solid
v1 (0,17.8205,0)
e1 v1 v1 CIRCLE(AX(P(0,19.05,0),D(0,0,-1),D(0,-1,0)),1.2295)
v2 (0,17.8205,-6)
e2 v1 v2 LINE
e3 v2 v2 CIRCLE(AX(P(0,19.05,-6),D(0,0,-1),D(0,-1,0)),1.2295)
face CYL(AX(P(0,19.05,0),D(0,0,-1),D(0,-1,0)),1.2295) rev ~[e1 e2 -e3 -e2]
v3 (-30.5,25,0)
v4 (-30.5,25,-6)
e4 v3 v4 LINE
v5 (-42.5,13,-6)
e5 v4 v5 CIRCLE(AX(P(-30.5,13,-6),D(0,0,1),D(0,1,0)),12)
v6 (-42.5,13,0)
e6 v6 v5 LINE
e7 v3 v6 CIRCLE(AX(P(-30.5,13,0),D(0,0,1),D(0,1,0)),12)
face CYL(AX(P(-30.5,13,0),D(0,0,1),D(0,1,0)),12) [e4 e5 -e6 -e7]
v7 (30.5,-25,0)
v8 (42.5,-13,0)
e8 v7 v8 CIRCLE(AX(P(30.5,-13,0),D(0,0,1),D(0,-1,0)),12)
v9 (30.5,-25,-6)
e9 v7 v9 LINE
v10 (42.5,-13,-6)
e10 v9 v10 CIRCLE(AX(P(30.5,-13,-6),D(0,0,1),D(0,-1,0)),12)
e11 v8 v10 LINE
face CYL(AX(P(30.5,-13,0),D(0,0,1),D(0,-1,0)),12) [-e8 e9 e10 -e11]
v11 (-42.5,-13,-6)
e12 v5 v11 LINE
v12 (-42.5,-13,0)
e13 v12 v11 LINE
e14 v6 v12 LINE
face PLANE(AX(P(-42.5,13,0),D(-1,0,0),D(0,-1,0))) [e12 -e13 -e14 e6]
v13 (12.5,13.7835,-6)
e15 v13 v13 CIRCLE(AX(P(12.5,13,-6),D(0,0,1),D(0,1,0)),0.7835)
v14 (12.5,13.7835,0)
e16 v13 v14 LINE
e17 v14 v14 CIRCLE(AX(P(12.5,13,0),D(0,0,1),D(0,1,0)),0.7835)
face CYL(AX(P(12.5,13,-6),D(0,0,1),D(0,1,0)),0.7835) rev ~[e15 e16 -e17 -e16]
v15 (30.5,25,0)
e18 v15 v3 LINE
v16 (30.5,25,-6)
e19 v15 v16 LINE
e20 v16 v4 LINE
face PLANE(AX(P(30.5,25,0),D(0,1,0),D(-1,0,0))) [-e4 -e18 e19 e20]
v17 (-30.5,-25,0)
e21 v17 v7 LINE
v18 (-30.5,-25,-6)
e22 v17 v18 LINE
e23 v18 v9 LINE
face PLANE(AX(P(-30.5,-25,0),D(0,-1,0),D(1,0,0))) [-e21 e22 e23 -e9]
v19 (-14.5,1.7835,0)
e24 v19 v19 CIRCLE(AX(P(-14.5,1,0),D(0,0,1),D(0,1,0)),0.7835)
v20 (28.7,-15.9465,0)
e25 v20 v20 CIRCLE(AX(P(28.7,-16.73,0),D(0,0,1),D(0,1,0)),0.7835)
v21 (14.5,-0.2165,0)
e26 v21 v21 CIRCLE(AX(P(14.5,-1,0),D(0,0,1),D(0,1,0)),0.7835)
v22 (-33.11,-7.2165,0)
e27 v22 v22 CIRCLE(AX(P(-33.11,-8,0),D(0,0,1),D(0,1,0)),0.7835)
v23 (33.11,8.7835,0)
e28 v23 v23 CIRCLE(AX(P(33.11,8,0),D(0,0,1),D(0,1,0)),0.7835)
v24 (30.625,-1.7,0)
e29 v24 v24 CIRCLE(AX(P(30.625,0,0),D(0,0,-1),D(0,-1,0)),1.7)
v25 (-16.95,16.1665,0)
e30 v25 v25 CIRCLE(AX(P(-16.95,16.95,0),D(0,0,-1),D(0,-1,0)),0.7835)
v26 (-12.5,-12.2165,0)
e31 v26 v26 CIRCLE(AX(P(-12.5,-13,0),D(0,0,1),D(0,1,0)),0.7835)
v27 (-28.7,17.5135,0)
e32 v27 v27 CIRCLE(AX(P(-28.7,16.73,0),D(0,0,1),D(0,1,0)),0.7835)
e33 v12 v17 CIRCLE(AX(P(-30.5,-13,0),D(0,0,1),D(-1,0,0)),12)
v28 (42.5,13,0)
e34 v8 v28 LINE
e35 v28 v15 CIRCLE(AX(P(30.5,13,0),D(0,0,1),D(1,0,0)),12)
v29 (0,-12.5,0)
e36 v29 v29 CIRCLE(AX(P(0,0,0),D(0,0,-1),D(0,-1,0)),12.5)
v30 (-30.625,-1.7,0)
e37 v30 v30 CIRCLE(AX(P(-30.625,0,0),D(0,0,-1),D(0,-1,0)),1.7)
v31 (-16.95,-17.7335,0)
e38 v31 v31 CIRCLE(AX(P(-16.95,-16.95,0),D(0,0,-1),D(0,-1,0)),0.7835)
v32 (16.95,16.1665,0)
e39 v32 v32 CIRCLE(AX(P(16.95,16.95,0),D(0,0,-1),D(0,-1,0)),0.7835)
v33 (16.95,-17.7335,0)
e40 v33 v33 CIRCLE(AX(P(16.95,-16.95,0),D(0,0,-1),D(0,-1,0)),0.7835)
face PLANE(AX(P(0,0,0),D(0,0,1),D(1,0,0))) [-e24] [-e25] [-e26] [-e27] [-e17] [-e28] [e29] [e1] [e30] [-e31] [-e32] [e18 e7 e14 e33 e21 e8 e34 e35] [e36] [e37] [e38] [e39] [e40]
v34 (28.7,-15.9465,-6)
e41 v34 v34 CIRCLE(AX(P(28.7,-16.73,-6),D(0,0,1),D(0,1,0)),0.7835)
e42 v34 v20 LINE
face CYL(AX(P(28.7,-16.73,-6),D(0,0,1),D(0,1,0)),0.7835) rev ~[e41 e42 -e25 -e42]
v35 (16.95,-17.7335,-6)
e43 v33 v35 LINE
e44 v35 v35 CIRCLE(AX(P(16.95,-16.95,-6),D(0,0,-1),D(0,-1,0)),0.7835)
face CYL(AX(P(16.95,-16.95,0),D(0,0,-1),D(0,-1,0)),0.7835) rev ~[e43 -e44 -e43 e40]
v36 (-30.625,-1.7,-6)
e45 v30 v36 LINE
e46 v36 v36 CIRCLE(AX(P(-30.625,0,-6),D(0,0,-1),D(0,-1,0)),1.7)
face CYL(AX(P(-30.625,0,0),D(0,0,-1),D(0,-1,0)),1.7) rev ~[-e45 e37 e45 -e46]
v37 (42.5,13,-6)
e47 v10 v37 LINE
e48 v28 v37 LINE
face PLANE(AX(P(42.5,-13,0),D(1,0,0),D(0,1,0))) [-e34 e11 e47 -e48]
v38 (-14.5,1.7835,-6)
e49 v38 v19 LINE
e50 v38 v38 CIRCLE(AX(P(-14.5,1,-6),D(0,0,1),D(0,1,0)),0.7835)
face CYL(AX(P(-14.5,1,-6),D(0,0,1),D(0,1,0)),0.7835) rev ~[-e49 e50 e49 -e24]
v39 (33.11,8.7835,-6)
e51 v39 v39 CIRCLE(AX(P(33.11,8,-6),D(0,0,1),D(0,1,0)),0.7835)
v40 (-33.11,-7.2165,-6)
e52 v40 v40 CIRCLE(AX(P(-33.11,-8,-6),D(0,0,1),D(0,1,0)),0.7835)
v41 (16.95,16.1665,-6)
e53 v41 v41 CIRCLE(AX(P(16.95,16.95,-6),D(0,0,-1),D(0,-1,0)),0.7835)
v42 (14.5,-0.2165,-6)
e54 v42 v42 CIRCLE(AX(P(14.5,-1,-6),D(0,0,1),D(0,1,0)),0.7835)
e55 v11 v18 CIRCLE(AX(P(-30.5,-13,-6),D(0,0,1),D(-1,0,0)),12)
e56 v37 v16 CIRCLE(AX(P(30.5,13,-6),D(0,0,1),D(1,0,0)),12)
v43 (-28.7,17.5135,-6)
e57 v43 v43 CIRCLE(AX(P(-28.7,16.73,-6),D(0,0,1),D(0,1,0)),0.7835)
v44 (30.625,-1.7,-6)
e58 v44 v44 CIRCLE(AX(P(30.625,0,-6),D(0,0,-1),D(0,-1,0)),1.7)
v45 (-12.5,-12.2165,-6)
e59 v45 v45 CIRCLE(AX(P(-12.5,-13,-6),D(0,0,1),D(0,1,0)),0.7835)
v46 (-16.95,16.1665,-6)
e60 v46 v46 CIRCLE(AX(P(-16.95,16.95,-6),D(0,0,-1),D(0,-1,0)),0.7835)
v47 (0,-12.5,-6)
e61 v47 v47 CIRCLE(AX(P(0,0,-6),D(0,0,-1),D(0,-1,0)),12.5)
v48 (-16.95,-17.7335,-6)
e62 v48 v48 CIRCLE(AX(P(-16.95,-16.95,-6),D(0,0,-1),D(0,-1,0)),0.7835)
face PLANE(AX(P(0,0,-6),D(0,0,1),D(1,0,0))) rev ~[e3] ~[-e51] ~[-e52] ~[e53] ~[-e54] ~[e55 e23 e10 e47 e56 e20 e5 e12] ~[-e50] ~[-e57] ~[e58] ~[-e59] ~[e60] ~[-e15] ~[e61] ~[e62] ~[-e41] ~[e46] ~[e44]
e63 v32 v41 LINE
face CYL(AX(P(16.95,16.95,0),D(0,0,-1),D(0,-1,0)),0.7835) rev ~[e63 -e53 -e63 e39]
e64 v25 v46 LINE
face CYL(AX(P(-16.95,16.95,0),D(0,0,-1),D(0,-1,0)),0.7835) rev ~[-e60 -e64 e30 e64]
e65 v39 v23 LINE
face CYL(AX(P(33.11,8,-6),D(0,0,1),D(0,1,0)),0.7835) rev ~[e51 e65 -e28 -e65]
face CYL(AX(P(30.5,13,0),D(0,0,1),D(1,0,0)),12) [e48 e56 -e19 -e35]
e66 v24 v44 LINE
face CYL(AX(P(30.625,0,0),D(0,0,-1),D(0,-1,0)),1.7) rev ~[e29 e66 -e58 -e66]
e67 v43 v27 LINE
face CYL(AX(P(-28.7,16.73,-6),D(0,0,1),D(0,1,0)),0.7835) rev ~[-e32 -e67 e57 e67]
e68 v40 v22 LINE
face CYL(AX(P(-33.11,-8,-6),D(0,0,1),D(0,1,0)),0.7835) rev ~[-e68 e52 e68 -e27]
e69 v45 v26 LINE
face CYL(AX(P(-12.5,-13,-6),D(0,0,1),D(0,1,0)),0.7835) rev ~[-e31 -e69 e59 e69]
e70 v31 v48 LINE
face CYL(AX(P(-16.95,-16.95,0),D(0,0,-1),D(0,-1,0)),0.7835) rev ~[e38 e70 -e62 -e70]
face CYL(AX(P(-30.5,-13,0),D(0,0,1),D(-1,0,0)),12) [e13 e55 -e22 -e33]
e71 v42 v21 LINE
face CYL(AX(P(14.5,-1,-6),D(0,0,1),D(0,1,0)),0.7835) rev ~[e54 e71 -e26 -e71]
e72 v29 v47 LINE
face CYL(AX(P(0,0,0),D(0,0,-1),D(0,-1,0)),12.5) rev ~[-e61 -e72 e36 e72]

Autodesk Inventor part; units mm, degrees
ref_plane "YZ Plane" through (0, 0, 0) normal (1, 0, 0) x (0, 1, 0)
ref_plane "XZ Plane" through (0, 0, 0) normal (0, 1, 0) x (-1, 0, 0)
ref_plane "XY Plane" through (0, 0, 0) normal (0, 0, 1) x (1, 0, 0)
sketch "Sketch1" plane through (0, 0, 0) normal (0, 0, 1) x (1, 0, 0)
  line L0 (-30.5, -25) -> (30.5, -25)
  line L1 (42.5, -13) -> (42.5, 13)
  line L2 (30.5, 25) -> (-30.5, 25)
  line L3 (-42.5, 13) -> (-42.5, -13)
  line L4 (-42.5, -25) -> (42.5, 25) construction
  line L5 (42.5, -25) -> (-42.5, 25) construction
  arc A0 (-30.5, 25) -> (-42.5, 13) centre (-30.5, 13) ccw
  arc A1 (-42.5, -13) -> (-30.5, -25) centre (-30.5, -13) ccw
  arc A2 (30.5, -25) -> (42.5, -13) centre (30.5, -13) ccw
  arc A3 (42.5, 13) -> (30.5, 25) centre (30.5, 13) ccw
  line L6 (-19.05, -19.05) -> (19.05, -19.05)
  line L7 (19.05, -19.05) -> (19.05, 19.05)
  line L8 (19.05, 19.05) -> (-19.05, 19.05)
  line L9 (-19.05, 19.05) -> (-19.05, -19.05)
  line L10 (-19.05, -19.05) -> (19.05, 19.05) construction
  line L11 (19.05, -19.05) -> (-19.05, 19.05) construction
  circle A4 centre (0, 0) radius 12.5
  line L12 (-19.05, 19.05) -> (-16.95, 19.05)
  line L13 (-16.95, 19.05) -> (-16.95, 16.95)
  circle A5 centre (-16.95, 16.95) radius 2.25
  line L14 (19.05, 19.05) -> (16.95, 19.05)
  line L15 (16.95, 19.05) -> (16.95, 16.95)
  line L16 (-19.05, -19.05) -> (-16.95, -19.05)
  line L17 (-16.95, -19.05) -> (-16.95, -16.95)
  line L18 (19.05, -19.05) -> (16.95, -19.05)
  line L19 (16.95, -19.05) -> (16.95, -16.95)
  circle A6 centre (16.95, 16.95) radius 2.25
  circle A7 centre (-16.95, -16.95) radius 2.25
  circle A8 centre (16.95, -16.95) radius 2.25
  line L20 (0, 0) -> (30.625, 0)
  line L21 (0, 0) -> (-30.625, 0)
  circle A9 centre (-30.625, 0) radius 3.2
  circle A10 centre (30.625, 0) radius 3.2
  circle A11 centre (0, 19.05) radius 2.85
  dimension "d0" = 85
  dimension "d1" = 50
  dimension "d2" = 12
  dimension "d3" = 38.1
  dimension "d4" = 38.1
  dimension "d5" = 25
  dimension "d6" = 2.1
  dimension "d7" = 2.1
  dimension "d8" = 4.5
  dimension "d9" = 2.1
  dimension "d10" = 2.1
  dimension "d11" = 2.1
  dimension "d12" = 2.1
  dimension "d13" = 2.1
  dimension "d14" = 2.1
  dimension "d15" = 4.5
  dimension "d16" = 4.5
  dimension "d17" = 4.5
  dimension "d18" = 30.625
  dimension "d19" = 30.625
  dimension "d20" = 6.4
  dimension "d21" = 6.4
  dimension "d22" = 5.7
extrude "Extrusion1" add sketch "Sketch1" against normal blind 6 contours A1 L3 A0 L2 A3 L1 A2 L0 | L9 A7 L6 | A9 | A10 | A7 L9 L6 | L6 A7 | A7 L9 | A7 L9 L21 A4 L20 L7 A8 L6 | A8 L7 L6 | L6 A8 | L9 A5 L8 A11 A6 L7 L20 A4 L21 | A8 L7 | A8 L7 L6 | A5 L9 | L9 A5 L8 | L21 L20 A4 | A4 L20 L21 | L9 L8 A5 | A6 L8 L7 | L7 A6 | A5 L8 | A6 L8 L7 | A6 L8 | A11 L8 | L8 A11
hole "Hole1" at (-30.625, 0, 0) at (30.625, 0, 0) direction (0, 0, -1) diameter 3.4 end through all clearance for "Flat Head Machine Screw" size "M3" standard "Ansi Metric M Profile"
hole "Hole2" at (0, 19.05, 0) direction (0, 0, -1) diameter 2.459 end through all thread size "M3x0.5" class "6H" standard "ISO Metric profile"
hole "Hole3" at (-16.95, 16.95, 0) at (16.95, 16.95, 0) at (16.95, -16.95, 0) at (-16.95, -16.95, 0) direction (0, 0, -1) diameter 1.567 end through all thread size "M2x0.4" class "6H" standard "ISO Metric profile"
hole "Hole4" at (0, 0, 0) direction (0, 0, -1) diameter 25 end through all
sketch "Sketch2" plane through (0, 0, -6) normal (0, 0, -1) x (-1, 0, 0)
  line L0 (42.5, 25) -> (14.5, 25)
  line L1 (14.5, 25) -> (14.5, 1)
  line L2 (42.5, 25) -> (42.5, 16.73)
  line L3 (42.5, 16.73) -> (28.7, 16.73)
  line L4 (-42.5, -25) -> (-42.5, -16.73)
  line L5 (-42.5, -16.73) -> (-28.7, -16.73)
  line L6 (-42.5, -25) -> (-14.5, -25)
  line L7 (30.5, -25) -> (-30.5, -25) projected
  line L8 (-14.5, -25) -> (-14.5, -1)
  line L9 (-42.5, 25) -> (-12.5, 25)
  line L10 (-12.5, 25) -> (-12.5, 13)
  line L11 (42.5, -25) -> (12.5, -25)
  line L12 (12.5, -25) -> (12.5, -13)
  line L13 (-42.5, 25) -> (-42.5, 8)
  line L14 (-42.5, 8) -> (-33.11, 8)
  line L15 (42.5, -25) -> (42.5, -8)
  line L16 (42.5, -8) -> (33.11, -8)
  point P0 (0, 0)
  dimension "d53" = 28
  dimension "d54" = 24
  dimension "d55" = 8.27
  dimension "d56" = 13.8
  dimension "d57" = 8.27
  dimension "d58" = 13.8
  dimension "d59" = 28
  dimension "d60" = 24
  dimension "d61" = 30
  dimension "d62" = 12
  dimension "d63" = 30
  dimension "d64" = 12
  dimension "d65" = 17
  dimension "d66" = 9.39
  dimension "d67" = 17
  dimension "d68" = 9.39
hole "Hole5" at (33.11, 8, -6) at (12.5, 13, -6) at (-28.7, 16.73, -6) at (-14.5, 1, -6) at (-33.11, -8, -6) at (-12.5, -13, -6) at (14.5, -1, -6) at (28.7, -16.73, -6) direction (0, 0, 1) diameter 1.567 end through all thread size "M2x0.4" class "6H" standard "ISO Metric profile"
properties part number "new-adapter-plate"
